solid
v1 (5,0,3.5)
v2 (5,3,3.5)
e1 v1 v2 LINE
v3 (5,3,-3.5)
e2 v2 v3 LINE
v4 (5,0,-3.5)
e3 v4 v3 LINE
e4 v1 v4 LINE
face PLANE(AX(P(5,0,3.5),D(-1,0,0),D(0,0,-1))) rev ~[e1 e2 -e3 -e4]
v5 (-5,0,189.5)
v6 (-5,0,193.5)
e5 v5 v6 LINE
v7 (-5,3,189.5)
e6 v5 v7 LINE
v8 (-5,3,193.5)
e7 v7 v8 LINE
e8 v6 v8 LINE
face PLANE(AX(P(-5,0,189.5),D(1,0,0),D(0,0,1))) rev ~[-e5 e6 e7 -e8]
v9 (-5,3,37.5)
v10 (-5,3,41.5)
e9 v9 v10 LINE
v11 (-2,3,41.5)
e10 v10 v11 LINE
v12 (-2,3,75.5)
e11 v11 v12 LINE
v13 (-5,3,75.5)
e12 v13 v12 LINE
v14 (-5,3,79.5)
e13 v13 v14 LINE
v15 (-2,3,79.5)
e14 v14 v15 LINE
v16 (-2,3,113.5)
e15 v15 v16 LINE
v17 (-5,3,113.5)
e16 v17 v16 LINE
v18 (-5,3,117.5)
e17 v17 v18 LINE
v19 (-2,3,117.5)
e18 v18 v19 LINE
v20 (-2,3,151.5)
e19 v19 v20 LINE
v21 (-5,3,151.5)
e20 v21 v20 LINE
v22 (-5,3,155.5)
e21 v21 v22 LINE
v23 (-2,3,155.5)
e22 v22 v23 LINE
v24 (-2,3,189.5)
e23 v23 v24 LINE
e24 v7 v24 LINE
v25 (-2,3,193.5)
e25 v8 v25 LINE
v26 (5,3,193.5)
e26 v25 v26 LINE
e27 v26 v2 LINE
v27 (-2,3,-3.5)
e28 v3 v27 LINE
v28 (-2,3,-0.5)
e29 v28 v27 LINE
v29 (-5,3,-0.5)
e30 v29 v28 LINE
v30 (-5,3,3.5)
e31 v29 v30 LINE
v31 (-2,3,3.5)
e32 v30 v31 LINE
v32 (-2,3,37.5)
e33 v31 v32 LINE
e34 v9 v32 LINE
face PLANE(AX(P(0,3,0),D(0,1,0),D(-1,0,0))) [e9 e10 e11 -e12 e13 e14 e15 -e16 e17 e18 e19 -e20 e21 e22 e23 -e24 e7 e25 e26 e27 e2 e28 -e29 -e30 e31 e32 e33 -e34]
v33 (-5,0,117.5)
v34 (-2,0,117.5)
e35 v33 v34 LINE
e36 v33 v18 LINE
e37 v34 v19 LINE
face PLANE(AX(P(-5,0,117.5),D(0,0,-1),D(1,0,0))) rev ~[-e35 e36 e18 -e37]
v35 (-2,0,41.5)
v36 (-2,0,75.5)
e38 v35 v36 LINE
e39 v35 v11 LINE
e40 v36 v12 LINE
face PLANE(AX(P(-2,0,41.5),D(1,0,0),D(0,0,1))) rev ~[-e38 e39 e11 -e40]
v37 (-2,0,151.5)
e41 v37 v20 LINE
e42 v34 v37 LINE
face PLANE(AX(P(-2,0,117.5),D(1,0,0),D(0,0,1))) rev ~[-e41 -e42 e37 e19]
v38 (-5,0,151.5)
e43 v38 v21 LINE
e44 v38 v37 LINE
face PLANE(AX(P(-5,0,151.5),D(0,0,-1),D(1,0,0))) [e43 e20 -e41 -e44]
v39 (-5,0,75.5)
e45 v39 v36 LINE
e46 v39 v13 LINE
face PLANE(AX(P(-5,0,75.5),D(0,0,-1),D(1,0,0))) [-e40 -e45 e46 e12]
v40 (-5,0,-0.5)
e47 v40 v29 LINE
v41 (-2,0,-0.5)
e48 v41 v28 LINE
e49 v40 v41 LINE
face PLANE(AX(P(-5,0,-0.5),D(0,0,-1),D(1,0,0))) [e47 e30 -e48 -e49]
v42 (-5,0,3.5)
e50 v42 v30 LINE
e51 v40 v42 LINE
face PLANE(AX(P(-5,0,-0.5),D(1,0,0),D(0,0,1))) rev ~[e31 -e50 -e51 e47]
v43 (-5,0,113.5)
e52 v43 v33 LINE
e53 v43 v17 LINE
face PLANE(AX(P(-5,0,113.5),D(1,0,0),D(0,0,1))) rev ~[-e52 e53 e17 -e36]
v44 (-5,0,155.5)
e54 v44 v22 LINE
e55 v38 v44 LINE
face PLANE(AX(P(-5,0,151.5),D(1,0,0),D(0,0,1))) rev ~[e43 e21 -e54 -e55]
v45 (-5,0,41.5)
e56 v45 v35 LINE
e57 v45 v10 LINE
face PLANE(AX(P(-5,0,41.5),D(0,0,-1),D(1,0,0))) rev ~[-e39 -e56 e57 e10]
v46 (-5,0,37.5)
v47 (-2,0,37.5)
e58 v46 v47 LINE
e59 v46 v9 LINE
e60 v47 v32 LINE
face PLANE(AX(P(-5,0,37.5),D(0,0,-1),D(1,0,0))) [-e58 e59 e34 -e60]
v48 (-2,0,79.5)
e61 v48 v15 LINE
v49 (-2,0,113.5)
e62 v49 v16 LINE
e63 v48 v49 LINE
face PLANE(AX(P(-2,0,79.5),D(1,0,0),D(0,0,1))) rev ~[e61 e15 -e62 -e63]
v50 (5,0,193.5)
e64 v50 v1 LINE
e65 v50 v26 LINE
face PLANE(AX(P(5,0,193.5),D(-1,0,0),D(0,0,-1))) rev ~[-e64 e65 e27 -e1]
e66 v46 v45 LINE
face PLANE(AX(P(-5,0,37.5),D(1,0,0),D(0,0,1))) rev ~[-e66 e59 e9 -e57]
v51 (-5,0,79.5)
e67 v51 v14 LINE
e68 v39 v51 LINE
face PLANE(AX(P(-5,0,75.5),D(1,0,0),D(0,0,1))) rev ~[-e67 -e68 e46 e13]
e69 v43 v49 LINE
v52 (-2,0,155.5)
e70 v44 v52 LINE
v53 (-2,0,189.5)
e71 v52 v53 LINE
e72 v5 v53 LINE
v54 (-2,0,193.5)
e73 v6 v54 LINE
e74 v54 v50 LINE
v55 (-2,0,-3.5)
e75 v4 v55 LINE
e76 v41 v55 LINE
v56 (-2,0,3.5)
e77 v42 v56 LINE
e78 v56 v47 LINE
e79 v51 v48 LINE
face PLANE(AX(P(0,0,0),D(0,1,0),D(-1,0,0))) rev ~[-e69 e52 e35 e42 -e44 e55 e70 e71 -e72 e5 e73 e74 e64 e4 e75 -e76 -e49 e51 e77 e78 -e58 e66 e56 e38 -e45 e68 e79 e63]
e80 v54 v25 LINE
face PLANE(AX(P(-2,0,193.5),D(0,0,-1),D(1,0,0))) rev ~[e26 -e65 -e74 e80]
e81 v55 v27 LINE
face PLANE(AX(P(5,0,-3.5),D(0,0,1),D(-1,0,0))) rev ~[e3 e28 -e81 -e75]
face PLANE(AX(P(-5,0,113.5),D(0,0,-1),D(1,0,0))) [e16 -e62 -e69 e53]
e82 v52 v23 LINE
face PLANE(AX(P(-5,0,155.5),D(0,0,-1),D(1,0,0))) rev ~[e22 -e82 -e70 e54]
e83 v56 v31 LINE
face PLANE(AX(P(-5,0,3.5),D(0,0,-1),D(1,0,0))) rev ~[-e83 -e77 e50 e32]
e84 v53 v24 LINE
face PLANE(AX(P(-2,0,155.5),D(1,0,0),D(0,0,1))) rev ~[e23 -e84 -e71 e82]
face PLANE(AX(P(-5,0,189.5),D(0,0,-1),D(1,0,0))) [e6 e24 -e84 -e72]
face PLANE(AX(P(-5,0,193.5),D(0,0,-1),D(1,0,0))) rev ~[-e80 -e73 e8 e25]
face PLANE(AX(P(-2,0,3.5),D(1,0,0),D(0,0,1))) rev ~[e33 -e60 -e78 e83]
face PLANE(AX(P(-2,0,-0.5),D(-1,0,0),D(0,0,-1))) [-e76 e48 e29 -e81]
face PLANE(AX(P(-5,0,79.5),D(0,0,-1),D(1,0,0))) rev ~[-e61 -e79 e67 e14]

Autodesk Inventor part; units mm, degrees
ref_plane "YZ Plane" through (0, 0, 0) normal (1, 0, 0) x (0, 1, 0)
ref_plane "XZ Plane" through (0, 0, 0) normal (0, 1, 0) x (-1, 0, 0)
ref_plane "XY Plane" through (0, 0, 0) normal (0, 0, 1) x (1, 0, 0)
sketch "Sketch1" plane through (0, 0, 0) normal (0, 1, 0) x (-1, 0, 0)
  line L0 (-5, 3.5) -> (-5, -3.5)
  line L1 (-5, -3.5) -> (2, -3.5)
  line L2 (5, -0.5) -> (5, 3.5)
  line L3 (5, 3.5) -> (2, 3.5)
  line L4 (5, -0.5) -> (2, -0.5)
  line L5 (2, -0.5) -> (2, -3.5)
  line L6 (5, 37.5) -> (2, 37.5)
  line L7 (5, 37.5) -> (5, 41.5)
  line L8 (5, 41.5) -> (2, 41.5)
  line L9 (5, 75.5) -> (2, 75.5)
  line L10 (5, 75.5) -> (5, 79.5)
  line L11 (5, 79.5) -> (2, 79.5)
  line L12 (5, 113.5) -> (2, 113.5)
  line L13 (5, 113.5) -> (5, 117.5)
  line L14 (5, 117.5) -> (2, 117.5)
  line L15 (5, 151.5) -> (2, 151.5)
  line L16 (5, 151.5) -> (5, 155.5)
  line L17 (5, 155.5) -> (2, 155.5)
  line L18 (5, 189.5) -> (2, 189.5)
  line L19 (5, 189.5) -> (5, 193.5)
  line L20 (5, 193.5) -> (2, 193.5)
  line L21 (2, 3.5) -> (2, 37.5)
  line L22 (2, 41.5) -> (2, 75.5)
  line L23 (2, 79.5) -> (2, 113.5)
  line L24 (2, 117.5) -> (2, 151.5)
  line L25 (2, 155.5) -> (2, 189.5)
  line L26 (-5, 193.5) -> (-5, 3.5)
  line L27 (2, 193.5) -> (-5, 193.5)
  point P0 (0, 0)
  dimension "d10" = 3
  dimension "d18" = 38
extrude "Extrusion1" add sketch "Sketch1" along normal blind 3
properties part number "steun" material "Wood (Maple)"
